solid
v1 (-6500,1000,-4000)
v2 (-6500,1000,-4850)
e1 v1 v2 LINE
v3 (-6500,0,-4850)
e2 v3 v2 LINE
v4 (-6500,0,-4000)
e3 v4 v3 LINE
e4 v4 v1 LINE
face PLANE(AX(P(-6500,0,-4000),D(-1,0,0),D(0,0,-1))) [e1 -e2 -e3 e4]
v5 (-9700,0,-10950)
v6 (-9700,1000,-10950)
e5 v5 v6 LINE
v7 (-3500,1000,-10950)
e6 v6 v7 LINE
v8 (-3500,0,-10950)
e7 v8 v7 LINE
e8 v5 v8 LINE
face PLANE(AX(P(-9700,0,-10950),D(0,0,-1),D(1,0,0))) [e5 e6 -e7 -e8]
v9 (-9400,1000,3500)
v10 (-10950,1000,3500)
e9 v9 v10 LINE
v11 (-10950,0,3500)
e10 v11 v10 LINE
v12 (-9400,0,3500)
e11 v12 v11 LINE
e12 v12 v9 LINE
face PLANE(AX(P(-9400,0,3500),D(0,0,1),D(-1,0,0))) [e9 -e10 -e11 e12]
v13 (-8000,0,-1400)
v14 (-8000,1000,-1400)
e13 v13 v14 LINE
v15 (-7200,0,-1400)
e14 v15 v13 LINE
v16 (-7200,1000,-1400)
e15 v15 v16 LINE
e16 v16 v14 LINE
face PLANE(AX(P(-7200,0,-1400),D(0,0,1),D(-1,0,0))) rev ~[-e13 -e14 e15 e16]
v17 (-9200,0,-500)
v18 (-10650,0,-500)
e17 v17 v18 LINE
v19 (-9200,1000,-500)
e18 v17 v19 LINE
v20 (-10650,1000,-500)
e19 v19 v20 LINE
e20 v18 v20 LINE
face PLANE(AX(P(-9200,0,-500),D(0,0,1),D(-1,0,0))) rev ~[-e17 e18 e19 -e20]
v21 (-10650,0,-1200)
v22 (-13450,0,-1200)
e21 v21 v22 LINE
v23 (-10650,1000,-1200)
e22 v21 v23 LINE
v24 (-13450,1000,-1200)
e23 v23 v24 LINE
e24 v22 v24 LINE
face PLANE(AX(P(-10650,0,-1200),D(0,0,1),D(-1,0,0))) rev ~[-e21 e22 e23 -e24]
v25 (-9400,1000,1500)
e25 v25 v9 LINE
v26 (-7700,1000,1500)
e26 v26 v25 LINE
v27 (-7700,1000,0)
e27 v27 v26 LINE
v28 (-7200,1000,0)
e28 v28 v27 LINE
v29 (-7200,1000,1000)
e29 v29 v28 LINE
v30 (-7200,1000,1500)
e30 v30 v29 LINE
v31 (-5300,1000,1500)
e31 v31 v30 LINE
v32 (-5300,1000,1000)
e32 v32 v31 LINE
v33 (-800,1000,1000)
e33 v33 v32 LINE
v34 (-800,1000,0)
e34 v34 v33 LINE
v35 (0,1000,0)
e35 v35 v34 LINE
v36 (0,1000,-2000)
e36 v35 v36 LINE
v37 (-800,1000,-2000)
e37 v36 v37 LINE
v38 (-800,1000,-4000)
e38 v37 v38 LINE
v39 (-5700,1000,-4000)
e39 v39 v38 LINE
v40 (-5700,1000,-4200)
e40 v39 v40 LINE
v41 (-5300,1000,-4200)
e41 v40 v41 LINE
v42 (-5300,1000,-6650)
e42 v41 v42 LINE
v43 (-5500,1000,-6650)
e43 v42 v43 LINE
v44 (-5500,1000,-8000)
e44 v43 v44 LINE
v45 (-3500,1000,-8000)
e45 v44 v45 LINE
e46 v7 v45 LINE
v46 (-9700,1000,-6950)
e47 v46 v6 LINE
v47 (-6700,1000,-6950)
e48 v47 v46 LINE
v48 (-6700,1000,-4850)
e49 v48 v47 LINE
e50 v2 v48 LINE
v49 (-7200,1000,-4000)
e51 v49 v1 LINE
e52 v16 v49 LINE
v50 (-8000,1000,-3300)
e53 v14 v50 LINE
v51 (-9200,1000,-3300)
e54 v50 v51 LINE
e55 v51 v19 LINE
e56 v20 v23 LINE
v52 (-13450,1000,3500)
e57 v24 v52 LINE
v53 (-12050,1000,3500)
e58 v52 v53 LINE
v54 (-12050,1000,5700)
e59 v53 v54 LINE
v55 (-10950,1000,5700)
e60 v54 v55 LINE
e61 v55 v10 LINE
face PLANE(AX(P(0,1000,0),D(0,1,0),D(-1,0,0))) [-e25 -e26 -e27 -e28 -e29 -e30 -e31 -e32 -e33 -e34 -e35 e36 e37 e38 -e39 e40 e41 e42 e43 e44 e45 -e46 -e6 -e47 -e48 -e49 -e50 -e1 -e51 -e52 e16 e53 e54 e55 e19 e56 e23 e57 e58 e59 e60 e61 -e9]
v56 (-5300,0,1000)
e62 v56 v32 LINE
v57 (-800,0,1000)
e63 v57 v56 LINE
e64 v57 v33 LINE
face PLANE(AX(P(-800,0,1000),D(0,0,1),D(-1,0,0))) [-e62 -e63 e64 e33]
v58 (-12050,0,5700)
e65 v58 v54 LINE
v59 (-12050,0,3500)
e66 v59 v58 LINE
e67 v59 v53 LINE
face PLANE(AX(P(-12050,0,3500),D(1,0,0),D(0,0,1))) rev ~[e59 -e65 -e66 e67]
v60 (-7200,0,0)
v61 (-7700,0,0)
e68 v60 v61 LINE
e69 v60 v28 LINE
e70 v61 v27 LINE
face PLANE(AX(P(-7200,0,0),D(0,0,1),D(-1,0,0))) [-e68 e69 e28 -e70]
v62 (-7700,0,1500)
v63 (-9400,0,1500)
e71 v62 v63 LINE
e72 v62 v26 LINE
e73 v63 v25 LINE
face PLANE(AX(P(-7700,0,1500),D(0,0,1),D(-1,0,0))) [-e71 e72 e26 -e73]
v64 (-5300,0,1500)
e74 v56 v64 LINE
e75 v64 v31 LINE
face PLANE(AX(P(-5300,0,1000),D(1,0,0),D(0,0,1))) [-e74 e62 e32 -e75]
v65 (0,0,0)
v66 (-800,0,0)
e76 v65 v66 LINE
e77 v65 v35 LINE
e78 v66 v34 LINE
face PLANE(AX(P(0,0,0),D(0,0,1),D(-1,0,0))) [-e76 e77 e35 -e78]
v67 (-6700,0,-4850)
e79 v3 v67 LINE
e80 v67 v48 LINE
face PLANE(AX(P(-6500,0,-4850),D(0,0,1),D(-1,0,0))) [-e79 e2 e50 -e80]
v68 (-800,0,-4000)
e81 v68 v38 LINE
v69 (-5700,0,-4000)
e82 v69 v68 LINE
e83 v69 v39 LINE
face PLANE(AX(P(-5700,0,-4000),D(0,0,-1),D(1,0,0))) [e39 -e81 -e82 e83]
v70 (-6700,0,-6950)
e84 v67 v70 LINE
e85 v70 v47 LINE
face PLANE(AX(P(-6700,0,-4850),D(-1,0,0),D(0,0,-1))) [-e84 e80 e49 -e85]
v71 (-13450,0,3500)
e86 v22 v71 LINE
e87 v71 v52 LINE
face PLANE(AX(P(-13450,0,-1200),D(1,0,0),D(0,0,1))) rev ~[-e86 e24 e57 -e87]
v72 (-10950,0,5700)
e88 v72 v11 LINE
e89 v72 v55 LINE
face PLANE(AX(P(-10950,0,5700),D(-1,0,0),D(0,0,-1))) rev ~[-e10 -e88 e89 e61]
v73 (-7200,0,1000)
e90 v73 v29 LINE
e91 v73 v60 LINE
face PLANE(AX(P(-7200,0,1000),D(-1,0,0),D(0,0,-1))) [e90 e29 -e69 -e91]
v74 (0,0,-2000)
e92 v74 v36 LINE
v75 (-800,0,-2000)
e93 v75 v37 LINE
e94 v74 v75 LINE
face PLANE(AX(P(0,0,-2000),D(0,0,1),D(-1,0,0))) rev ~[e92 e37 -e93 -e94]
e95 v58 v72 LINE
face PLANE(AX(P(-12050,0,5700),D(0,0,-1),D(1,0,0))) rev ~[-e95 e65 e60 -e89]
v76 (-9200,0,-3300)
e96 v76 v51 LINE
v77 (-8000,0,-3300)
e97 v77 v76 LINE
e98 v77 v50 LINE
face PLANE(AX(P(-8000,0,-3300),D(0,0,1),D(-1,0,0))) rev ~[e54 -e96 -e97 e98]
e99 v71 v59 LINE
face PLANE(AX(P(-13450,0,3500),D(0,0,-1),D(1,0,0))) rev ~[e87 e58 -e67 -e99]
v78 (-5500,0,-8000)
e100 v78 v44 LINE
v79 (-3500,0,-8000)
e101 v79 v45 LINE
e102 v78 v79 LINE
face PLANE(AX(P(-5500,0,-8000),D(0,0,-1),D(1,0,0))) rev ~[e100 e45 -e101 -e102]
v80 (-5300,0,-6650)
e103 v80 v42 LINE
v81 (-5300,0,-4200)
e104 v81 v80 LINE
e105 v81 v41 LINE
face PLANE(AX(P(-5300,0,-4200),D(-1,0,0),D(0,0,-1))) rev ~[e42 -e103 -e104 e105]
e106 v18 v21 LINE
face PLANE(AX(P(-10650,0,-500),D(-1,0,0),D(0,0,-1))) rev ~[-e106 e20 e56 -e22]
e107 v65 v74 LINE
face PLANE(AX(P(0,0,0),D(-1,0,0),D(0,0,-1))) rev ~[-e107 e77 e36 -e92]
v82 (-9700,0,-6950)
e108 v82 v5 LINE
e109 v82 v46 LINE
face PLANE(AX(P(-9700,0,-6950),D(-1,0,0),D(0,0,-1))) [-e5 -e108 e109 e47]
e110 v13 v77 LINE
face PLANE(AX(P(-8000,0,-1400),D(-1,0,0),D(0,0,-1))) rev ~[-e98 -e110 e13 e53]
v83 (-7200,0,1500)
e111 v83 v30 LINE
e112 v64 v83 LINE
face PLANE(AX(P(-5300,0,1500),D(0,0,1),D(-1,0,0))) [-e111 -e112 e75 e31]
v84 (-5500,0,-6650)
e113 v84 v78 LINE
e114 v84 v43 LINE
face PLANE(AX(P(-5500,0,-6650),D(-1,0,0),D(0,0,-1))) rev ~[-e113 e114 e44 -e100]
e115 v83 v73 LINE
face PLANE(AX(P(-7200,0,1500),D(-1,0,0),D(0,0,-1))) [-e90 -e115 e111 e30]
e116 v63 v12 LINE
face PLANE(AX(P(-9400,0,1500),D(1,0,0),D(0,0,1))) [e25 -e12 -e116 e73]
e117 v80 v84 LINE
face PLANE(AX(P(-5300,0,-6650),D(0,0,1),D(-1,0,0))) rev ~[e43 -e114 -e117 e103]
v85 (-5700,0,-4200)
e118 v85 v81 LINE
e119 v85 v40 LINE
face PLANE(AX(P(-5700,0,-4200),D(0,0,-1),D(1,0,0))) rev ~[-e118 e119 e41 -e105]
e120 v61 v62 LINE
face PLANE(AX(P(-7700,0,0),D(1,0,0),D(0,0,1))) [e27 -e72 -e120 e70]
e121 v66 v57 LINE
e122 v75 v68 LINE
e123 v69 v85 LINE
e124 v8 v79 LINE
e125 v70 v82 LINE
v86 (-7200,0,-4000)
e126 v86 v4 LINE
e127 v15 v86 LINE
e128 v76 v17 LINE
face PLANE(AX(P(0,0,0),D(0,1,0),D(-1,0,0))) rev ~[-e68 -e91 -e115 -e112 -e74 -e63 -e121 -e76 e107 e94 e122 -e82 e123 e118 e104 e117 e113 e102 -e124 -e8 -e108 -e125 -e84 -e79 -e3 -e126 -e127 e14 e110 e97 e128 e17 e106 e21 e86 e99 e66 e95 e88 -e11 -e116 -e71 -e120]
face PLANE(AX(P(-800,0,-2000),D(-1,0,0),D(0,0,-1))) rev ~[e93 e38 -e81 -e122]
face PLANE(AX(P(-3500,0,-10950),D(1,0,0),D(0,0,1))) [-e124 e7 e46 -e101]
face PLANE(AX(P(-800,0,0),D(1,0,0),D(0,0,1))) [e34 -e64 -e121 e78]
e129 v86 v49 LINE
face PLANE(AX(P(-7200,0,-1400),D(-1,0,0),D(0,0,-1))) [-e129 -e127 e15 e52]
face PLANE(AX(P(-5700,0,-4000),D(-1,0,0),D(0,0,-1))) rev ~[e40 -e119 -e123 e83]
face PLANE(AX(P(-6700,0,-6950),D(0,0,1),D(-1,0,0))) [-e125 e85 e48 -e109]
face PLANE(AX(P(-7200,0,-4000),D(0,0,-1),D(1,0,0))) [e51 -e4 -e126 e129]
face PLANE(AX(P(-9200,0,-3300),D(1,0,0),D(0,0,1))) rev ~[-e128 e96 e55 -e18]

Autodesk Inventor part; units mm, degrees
ref_plane "YZ Plane" through (0, 0, 0) normal (1, 0, 0) x (0, 1, 0)
ref_plane "XZ Plane" through (0, 0, 0) normal (0, 1, 0) x (-1, 0, 0)
ref_plane "XY Plane" through (0, 0, 0) normal (0, 0, 1) x (1, 0, 0)
sketch "Sketch1" plane through (0, 0, 0) normal (0, 1, 0) x (-1, 0, 0)
  line L0 (0, 0) -> (0, -2000)
  line L1 (0, 0) -> (800, 0)
  line L2 (800, 0) -> (800, 1000)
  line L3 (7200, 1000) -> (7200, 0)
  line L4 (7200, 0) -> (7200, -1400) construction
  line L5 (0, -2000) -> (800, -2000)
  line L6 (800, -2000) -> (800, -4000)
  line L7 (800, -4000) -> (7200, -4000) construction
  line L8 (7200, -1400) -> (7200, -4000)
  line L9 (7200, -4000) -> (6500, -4000)
  line L10 (6500, -4000) -> (5700, -4000) construction
  line L11 (5700, -4000) -> (800, -4000)
  line L12 (7200, 0) -> (7700, 0)
  line L13 (7700, 0) -> (7700, 1500)
  line L14 (7700, 1500) -> (9400, 1500)
  line L15 (9400, 1500) -> (9400, 3500)
  line L16 (9400, 3500) -> (10950, 3500)
  line L17 (10950, 3500) -> (12050, 3500) construction
  line L18 (7200, -1400) -> (8000, -1400)
  line L19 (8000, -1400) -> (8000, -3300)
  line L20 (8000, -3300) -> (9200, -3300)
  line L21 (9200, -3300) -> (9200, -500)
  line L22 (9200, -500) -> (10650, -500)
  line L23 (10650, -500) -> (10650, -1200)
  line L24 (10650, -1200) -> (13450, -1200)
  line L25 (13450, -1200) -> (13450, 3500)
  line L26 (13450, 3500) -> (12050, 3500)
  line L27 (12050, 3500) -> (12050, 5700)
  line L28 (12050, 5700) -> (10950, 5700)
  line L29 (10950, 5700) -> (10950, 3500)
  line L30 (6500, -4000) -> (6500, -4850)
  line L31 (6500, -4850) -> (6700, -4850)
  line L32 (6700, -4850) -> (6700, -6950)
  line L33 (6700, -6950) -> (9700, -6950)
  line L34 (9700, -6950) -> (9700, -10950)
  line L35 (5700, -4000) -> (5700, -4200)
  line L36 (5700, -4200) -> (5300, -4200)
  line L37 (5300, -4200) -> (5300, -6650)
  line L38 (5300, -6650) -> (5500, -6650)
  line L39 (5500, -6650) -> (5500, -8000)
  line L40 (5500, -8000) -> (3500, -8000)
  line L41 (9700, -10950) -> (3500, -10950)
  line L42 (3500, -10950) -> (3500, -8000)
  line L43 (800, 1000) -> (5300, 1000)
  line L44 (5300, 1000) -> (5300, 1500)
  line L45 (5300, 1500) -> (7200, 1500)
  line L46 (7200, 1500) -> (7200, 1000)
  dimension "d0" = 2000
  dimension "d1" = 800
  dimension "d2" = 1000
  dimension "d3" = 6400
  dimension "d4" = 1000
  dimension "d5" = 1400
  dimension "d6" = 2000
  dimension "d7" = 700
  dimension "d8" = 800
  dimension "d9" = 500
  dimension "d10" = 1500
  dimension "d11" = 1700
  dimension "d12" = 2000
  dimension "d13" = 1550
  dimension "d14" = 1100
  dimension "d15" = 800
  dimension "d16" = 1900
  dimension "d17" = 1200
  dimension "d18" = 2800
  dimension "d19" = 1450
  dimension "d20" = 700
  dimension "d21" = 2800
  dimension "d22" = 2200
  dimension "d23" = 850
  dimension "d24" = 200
  dimension "d25" = 2100
  dimension "d26" = 3000
  dimension "d27" = 4000
  dimension "d28" = 200
  dimension "d29" = 400
  dimension "d30" = 2450
  dimension "d31" = 200
  dimension "d32" = 1350
  dimension "d33" = 2000
extrude "Extrusion1" add sketch "Sketch1" along normal blind 1000
properties part number "floormap2"
